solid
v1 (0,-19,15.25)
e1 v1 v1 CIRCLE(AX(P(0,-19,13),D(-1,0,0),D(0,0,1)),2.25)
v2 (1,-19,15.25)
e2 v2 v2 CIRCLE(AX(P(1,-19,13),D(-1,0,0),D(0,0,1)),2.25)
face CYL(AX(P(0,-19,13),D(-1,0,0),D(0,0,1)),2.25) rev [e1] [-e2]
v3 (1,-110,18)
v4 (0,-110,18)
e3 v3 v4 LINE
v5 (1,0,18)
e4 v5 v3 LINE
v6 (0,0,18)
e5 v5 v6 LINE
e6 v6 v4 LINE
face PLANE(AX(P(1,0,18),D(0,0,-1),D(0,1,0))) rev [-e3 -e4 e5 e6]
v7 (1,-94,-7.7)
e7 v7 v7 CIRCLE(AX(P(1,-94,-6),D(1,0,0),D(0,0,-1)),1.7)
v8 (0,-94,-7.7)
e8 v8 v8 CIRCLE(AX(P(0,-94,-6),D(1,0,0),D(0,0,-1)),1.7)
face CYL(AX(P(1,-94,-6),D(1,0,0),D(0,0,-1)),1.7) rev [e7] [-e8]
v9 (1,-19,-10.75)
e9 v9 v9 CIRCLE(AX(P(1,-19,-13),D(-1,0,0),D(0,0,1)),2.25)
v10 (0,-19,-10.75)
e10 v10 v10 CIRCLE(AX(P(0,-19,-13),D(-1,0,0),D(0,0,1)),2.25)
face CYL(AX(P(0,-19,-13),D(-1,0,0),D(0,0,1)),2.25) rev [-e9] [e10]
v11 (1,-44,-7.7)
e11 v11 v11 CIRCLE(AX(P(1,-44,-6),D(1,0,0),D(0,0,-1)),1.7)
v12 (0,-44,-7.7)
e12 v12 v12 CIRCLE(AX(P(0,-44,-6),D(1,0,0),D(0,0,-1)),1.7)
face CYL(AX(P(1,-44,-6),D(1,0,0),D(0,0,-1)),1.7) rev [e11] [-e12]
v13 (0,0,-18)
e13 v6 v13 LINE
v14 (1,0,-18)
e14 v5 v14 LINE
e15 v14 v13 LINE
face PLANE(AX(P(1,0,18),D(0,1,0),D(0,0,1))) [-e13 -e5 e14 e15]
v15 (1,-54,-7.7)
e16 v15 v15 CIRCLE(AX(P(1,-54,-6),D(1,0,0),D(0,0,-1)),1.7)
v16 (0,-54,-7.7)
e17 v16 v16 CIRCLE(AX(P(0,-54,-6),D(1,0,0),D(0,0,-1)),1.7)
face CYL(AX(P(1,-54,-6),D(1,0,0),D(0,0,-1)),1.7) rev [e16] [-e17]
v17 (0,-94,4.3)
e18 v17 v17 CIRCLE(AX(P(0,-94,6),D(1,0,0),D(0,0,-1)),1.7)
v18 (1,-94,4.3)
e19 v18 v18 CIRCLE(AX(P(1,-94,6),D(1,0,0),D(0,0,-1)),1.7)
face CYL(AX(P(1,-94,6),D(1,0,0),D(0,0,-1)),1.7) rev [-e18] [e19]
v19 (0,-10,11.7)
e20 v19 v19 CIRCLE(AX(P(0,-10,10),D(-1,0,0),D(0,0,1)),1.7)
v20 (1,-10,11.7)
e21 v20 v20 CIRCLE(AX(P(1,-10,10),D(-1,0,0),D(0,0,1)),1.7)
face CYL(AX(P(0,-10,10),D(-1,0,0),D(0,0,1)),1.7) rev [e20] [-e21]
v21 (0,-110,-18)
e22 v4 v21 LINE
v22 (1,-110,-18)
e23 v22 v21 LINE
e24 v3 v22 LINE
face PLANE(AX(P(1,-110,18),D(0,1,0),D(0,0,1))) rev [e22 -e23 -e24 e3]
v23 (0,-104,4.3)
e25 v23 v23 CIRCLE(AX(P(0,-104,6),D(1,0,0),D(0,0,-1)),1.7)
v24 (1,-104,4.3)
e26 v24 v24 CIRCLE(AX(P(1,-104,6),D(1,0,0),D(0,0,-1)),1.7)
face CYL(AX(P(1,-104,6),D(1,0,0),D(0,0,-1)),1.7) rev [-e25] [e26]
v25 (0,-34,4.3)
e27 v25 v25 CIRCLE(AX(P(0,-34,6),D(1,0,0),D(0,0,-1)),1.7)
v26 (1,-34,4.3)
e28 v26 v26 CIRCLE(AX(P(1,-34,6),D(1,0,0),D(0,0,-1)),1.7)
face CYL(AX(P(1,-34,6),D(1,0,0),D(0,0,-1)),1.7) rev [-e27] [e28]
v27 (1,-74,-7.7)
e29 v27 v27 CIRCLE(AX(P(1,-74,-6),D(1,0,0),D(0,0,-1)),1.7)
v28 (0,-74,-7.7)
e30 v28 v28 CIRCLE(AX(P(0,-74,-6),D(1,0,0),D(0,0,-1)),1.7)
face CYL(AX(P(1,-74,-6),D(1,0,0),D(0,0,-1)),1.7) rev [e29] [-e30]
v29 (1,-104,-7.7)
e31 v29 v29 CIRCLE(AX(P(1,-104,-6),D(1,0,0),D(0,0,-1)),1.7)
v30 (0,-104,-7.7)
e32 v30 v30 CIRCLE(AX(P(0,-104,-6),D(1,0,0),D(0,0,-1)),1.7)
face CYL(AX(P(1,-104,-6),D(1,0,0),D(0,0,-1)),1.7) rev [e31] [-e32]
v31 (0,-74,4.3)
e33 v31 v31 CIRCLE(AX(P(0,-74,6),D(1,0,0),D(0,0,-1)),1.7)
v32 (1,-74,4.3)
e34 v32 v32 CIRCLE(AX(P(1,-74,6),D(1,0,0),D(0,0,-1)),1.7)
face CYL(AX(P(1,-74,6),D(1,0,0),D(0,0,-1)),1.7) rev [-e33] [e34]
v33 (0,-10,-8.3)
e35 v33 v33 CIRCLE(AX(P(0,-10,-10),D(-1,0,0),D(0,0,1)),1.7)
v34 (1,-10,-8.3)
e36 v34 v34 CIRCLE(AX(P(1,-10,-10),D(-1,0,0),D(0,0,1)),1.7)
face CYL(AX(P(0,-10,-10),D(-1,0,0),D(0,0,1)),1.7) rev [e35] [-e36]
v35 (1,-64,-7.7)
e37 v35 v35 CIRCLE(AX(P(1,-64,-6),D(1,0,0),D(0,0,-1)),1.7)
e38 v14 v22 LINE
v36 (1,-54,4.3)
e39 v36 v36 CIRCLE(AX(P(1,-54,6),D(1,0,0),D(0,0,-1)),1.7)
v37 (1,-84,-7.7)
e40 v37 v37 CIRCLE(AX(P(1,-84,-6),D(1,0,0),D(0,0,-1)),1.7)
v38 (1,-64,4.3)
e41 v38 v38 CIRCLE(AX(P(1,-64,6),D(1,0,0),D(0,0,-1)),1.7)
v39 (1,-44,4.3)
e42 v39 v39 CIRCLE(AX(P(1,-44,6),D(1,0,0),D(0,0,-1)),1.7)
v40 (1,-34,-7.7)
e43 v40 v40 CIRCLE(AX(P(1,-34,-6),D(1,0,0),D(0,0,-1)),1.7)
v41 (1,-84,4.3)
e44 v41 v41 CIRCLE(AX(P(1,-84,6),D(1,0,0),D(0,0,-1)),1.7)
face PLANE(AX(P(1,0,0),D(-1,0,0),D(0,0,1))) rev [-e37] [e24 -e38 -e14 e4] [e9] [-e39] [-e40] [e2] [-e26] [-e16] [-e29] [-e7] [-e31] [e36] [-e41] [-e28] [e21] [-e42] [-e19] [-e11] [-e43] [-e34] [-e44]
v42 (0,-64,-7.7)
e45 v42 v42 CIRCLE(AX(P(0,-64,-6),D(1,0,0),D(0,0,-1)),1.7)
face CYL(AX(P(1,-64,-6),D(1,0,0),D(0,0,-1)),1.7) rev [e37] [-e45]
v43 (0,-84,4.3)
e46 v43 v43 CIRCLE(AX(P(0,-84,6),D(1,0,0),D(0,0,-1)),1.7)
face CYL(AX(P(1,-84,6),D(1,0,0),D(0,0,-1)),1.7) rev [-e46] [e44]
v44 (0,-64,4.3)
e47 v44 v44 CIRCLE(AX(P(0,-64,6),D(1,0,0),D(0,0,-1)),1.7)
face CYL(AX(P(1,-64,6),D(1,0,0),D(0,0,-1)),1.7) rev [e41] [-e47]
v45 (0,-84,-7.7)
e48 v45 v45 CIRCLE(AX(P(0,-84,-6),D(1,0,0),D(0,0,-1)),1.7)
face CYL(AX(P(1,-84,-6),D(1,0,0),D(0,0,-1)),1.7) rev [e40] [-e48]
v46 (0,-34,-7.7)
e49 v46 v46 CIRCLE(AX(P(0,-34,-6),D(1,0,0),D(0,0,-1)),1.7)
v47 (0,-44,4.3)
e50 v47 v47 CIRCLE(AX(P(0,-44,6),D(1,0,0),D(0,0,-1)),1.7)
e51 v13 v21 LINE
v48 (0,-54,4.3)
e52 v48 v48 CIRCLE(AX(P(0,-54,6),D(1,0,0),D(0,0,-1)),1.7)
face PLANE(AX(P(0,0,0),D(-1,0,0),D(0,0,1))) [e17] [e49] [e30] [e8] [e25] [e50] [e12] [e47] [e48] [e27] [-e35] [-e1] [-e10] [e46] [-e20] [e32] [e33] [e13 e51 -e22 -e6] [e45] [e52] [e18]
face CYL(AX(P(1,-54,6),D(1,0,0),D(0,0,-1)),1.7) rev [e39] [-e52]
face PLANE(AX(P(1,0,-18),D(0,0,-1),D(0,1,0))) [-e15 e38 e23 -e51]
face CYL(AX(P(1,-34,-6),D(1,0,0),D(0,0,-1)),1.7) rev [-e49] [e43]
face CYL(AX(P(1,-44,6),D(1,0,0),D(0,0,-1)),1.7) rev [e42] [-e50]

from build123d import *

# Parameters (mm, degrees)
SKETCH1_W            = 36
SKETCH1_H            = 110
BOSS_EXTRUDE1_DEPTH  = 1
M3_CLEARANCE_HOLE1_D = 3.4
M4_CLEARANCE_HOLE1_D = 4.5
M3_CLEARANCE_HOLE2_D = 3.4


with BuildPart() as part:
    # Sketch1 → Boss-Extrude1 (new body)
    with BuildSketch(Plane(origin=(0, 0, 0), x_dir=(0, 0, -1), z_dir=(1, 0, 0))):
        with Locations((0, -55)):
            Rectangle(SKETCH1_W, SKETCH1_H)
    extrude(amount=BOSS_EXTRUDE1_DEPTH)

    # M3 Clearance Hole1 (through all)
    with Locations(Plane.ZY):
        with Locations((-10, -10), (10, -10)):
            Hole(M3_CLEARANCE_HOLE1_D / 2)

    # M4 Clearance Hole1 (through all)
    with Locations(Plane.ZY):
        with Locations((-13, -19), (13, -19)):
            Hole(M4_CLEARANCE_HOLE1_D / 2)

    # M3 Clearance Hole2 (through all)
    with Locations(Plane(origin=(1, 0, 0), x_dir=(0, 0, -1), z_dir=(1, 0, 0))):
        with Locations((6, -104), (-6, -104), (6, -94), (-6, -94), (6, -84), (-6, -84), (6, -74), (-6, -74), (6, -64), (-6, -64), (6, -54), (-6, -54), (6, -44), (-6, -44), (6, -34), (-6, -34)):
            Hole(M3_CLEARANCE_HOLE2_D / 2)


solid = part.part
